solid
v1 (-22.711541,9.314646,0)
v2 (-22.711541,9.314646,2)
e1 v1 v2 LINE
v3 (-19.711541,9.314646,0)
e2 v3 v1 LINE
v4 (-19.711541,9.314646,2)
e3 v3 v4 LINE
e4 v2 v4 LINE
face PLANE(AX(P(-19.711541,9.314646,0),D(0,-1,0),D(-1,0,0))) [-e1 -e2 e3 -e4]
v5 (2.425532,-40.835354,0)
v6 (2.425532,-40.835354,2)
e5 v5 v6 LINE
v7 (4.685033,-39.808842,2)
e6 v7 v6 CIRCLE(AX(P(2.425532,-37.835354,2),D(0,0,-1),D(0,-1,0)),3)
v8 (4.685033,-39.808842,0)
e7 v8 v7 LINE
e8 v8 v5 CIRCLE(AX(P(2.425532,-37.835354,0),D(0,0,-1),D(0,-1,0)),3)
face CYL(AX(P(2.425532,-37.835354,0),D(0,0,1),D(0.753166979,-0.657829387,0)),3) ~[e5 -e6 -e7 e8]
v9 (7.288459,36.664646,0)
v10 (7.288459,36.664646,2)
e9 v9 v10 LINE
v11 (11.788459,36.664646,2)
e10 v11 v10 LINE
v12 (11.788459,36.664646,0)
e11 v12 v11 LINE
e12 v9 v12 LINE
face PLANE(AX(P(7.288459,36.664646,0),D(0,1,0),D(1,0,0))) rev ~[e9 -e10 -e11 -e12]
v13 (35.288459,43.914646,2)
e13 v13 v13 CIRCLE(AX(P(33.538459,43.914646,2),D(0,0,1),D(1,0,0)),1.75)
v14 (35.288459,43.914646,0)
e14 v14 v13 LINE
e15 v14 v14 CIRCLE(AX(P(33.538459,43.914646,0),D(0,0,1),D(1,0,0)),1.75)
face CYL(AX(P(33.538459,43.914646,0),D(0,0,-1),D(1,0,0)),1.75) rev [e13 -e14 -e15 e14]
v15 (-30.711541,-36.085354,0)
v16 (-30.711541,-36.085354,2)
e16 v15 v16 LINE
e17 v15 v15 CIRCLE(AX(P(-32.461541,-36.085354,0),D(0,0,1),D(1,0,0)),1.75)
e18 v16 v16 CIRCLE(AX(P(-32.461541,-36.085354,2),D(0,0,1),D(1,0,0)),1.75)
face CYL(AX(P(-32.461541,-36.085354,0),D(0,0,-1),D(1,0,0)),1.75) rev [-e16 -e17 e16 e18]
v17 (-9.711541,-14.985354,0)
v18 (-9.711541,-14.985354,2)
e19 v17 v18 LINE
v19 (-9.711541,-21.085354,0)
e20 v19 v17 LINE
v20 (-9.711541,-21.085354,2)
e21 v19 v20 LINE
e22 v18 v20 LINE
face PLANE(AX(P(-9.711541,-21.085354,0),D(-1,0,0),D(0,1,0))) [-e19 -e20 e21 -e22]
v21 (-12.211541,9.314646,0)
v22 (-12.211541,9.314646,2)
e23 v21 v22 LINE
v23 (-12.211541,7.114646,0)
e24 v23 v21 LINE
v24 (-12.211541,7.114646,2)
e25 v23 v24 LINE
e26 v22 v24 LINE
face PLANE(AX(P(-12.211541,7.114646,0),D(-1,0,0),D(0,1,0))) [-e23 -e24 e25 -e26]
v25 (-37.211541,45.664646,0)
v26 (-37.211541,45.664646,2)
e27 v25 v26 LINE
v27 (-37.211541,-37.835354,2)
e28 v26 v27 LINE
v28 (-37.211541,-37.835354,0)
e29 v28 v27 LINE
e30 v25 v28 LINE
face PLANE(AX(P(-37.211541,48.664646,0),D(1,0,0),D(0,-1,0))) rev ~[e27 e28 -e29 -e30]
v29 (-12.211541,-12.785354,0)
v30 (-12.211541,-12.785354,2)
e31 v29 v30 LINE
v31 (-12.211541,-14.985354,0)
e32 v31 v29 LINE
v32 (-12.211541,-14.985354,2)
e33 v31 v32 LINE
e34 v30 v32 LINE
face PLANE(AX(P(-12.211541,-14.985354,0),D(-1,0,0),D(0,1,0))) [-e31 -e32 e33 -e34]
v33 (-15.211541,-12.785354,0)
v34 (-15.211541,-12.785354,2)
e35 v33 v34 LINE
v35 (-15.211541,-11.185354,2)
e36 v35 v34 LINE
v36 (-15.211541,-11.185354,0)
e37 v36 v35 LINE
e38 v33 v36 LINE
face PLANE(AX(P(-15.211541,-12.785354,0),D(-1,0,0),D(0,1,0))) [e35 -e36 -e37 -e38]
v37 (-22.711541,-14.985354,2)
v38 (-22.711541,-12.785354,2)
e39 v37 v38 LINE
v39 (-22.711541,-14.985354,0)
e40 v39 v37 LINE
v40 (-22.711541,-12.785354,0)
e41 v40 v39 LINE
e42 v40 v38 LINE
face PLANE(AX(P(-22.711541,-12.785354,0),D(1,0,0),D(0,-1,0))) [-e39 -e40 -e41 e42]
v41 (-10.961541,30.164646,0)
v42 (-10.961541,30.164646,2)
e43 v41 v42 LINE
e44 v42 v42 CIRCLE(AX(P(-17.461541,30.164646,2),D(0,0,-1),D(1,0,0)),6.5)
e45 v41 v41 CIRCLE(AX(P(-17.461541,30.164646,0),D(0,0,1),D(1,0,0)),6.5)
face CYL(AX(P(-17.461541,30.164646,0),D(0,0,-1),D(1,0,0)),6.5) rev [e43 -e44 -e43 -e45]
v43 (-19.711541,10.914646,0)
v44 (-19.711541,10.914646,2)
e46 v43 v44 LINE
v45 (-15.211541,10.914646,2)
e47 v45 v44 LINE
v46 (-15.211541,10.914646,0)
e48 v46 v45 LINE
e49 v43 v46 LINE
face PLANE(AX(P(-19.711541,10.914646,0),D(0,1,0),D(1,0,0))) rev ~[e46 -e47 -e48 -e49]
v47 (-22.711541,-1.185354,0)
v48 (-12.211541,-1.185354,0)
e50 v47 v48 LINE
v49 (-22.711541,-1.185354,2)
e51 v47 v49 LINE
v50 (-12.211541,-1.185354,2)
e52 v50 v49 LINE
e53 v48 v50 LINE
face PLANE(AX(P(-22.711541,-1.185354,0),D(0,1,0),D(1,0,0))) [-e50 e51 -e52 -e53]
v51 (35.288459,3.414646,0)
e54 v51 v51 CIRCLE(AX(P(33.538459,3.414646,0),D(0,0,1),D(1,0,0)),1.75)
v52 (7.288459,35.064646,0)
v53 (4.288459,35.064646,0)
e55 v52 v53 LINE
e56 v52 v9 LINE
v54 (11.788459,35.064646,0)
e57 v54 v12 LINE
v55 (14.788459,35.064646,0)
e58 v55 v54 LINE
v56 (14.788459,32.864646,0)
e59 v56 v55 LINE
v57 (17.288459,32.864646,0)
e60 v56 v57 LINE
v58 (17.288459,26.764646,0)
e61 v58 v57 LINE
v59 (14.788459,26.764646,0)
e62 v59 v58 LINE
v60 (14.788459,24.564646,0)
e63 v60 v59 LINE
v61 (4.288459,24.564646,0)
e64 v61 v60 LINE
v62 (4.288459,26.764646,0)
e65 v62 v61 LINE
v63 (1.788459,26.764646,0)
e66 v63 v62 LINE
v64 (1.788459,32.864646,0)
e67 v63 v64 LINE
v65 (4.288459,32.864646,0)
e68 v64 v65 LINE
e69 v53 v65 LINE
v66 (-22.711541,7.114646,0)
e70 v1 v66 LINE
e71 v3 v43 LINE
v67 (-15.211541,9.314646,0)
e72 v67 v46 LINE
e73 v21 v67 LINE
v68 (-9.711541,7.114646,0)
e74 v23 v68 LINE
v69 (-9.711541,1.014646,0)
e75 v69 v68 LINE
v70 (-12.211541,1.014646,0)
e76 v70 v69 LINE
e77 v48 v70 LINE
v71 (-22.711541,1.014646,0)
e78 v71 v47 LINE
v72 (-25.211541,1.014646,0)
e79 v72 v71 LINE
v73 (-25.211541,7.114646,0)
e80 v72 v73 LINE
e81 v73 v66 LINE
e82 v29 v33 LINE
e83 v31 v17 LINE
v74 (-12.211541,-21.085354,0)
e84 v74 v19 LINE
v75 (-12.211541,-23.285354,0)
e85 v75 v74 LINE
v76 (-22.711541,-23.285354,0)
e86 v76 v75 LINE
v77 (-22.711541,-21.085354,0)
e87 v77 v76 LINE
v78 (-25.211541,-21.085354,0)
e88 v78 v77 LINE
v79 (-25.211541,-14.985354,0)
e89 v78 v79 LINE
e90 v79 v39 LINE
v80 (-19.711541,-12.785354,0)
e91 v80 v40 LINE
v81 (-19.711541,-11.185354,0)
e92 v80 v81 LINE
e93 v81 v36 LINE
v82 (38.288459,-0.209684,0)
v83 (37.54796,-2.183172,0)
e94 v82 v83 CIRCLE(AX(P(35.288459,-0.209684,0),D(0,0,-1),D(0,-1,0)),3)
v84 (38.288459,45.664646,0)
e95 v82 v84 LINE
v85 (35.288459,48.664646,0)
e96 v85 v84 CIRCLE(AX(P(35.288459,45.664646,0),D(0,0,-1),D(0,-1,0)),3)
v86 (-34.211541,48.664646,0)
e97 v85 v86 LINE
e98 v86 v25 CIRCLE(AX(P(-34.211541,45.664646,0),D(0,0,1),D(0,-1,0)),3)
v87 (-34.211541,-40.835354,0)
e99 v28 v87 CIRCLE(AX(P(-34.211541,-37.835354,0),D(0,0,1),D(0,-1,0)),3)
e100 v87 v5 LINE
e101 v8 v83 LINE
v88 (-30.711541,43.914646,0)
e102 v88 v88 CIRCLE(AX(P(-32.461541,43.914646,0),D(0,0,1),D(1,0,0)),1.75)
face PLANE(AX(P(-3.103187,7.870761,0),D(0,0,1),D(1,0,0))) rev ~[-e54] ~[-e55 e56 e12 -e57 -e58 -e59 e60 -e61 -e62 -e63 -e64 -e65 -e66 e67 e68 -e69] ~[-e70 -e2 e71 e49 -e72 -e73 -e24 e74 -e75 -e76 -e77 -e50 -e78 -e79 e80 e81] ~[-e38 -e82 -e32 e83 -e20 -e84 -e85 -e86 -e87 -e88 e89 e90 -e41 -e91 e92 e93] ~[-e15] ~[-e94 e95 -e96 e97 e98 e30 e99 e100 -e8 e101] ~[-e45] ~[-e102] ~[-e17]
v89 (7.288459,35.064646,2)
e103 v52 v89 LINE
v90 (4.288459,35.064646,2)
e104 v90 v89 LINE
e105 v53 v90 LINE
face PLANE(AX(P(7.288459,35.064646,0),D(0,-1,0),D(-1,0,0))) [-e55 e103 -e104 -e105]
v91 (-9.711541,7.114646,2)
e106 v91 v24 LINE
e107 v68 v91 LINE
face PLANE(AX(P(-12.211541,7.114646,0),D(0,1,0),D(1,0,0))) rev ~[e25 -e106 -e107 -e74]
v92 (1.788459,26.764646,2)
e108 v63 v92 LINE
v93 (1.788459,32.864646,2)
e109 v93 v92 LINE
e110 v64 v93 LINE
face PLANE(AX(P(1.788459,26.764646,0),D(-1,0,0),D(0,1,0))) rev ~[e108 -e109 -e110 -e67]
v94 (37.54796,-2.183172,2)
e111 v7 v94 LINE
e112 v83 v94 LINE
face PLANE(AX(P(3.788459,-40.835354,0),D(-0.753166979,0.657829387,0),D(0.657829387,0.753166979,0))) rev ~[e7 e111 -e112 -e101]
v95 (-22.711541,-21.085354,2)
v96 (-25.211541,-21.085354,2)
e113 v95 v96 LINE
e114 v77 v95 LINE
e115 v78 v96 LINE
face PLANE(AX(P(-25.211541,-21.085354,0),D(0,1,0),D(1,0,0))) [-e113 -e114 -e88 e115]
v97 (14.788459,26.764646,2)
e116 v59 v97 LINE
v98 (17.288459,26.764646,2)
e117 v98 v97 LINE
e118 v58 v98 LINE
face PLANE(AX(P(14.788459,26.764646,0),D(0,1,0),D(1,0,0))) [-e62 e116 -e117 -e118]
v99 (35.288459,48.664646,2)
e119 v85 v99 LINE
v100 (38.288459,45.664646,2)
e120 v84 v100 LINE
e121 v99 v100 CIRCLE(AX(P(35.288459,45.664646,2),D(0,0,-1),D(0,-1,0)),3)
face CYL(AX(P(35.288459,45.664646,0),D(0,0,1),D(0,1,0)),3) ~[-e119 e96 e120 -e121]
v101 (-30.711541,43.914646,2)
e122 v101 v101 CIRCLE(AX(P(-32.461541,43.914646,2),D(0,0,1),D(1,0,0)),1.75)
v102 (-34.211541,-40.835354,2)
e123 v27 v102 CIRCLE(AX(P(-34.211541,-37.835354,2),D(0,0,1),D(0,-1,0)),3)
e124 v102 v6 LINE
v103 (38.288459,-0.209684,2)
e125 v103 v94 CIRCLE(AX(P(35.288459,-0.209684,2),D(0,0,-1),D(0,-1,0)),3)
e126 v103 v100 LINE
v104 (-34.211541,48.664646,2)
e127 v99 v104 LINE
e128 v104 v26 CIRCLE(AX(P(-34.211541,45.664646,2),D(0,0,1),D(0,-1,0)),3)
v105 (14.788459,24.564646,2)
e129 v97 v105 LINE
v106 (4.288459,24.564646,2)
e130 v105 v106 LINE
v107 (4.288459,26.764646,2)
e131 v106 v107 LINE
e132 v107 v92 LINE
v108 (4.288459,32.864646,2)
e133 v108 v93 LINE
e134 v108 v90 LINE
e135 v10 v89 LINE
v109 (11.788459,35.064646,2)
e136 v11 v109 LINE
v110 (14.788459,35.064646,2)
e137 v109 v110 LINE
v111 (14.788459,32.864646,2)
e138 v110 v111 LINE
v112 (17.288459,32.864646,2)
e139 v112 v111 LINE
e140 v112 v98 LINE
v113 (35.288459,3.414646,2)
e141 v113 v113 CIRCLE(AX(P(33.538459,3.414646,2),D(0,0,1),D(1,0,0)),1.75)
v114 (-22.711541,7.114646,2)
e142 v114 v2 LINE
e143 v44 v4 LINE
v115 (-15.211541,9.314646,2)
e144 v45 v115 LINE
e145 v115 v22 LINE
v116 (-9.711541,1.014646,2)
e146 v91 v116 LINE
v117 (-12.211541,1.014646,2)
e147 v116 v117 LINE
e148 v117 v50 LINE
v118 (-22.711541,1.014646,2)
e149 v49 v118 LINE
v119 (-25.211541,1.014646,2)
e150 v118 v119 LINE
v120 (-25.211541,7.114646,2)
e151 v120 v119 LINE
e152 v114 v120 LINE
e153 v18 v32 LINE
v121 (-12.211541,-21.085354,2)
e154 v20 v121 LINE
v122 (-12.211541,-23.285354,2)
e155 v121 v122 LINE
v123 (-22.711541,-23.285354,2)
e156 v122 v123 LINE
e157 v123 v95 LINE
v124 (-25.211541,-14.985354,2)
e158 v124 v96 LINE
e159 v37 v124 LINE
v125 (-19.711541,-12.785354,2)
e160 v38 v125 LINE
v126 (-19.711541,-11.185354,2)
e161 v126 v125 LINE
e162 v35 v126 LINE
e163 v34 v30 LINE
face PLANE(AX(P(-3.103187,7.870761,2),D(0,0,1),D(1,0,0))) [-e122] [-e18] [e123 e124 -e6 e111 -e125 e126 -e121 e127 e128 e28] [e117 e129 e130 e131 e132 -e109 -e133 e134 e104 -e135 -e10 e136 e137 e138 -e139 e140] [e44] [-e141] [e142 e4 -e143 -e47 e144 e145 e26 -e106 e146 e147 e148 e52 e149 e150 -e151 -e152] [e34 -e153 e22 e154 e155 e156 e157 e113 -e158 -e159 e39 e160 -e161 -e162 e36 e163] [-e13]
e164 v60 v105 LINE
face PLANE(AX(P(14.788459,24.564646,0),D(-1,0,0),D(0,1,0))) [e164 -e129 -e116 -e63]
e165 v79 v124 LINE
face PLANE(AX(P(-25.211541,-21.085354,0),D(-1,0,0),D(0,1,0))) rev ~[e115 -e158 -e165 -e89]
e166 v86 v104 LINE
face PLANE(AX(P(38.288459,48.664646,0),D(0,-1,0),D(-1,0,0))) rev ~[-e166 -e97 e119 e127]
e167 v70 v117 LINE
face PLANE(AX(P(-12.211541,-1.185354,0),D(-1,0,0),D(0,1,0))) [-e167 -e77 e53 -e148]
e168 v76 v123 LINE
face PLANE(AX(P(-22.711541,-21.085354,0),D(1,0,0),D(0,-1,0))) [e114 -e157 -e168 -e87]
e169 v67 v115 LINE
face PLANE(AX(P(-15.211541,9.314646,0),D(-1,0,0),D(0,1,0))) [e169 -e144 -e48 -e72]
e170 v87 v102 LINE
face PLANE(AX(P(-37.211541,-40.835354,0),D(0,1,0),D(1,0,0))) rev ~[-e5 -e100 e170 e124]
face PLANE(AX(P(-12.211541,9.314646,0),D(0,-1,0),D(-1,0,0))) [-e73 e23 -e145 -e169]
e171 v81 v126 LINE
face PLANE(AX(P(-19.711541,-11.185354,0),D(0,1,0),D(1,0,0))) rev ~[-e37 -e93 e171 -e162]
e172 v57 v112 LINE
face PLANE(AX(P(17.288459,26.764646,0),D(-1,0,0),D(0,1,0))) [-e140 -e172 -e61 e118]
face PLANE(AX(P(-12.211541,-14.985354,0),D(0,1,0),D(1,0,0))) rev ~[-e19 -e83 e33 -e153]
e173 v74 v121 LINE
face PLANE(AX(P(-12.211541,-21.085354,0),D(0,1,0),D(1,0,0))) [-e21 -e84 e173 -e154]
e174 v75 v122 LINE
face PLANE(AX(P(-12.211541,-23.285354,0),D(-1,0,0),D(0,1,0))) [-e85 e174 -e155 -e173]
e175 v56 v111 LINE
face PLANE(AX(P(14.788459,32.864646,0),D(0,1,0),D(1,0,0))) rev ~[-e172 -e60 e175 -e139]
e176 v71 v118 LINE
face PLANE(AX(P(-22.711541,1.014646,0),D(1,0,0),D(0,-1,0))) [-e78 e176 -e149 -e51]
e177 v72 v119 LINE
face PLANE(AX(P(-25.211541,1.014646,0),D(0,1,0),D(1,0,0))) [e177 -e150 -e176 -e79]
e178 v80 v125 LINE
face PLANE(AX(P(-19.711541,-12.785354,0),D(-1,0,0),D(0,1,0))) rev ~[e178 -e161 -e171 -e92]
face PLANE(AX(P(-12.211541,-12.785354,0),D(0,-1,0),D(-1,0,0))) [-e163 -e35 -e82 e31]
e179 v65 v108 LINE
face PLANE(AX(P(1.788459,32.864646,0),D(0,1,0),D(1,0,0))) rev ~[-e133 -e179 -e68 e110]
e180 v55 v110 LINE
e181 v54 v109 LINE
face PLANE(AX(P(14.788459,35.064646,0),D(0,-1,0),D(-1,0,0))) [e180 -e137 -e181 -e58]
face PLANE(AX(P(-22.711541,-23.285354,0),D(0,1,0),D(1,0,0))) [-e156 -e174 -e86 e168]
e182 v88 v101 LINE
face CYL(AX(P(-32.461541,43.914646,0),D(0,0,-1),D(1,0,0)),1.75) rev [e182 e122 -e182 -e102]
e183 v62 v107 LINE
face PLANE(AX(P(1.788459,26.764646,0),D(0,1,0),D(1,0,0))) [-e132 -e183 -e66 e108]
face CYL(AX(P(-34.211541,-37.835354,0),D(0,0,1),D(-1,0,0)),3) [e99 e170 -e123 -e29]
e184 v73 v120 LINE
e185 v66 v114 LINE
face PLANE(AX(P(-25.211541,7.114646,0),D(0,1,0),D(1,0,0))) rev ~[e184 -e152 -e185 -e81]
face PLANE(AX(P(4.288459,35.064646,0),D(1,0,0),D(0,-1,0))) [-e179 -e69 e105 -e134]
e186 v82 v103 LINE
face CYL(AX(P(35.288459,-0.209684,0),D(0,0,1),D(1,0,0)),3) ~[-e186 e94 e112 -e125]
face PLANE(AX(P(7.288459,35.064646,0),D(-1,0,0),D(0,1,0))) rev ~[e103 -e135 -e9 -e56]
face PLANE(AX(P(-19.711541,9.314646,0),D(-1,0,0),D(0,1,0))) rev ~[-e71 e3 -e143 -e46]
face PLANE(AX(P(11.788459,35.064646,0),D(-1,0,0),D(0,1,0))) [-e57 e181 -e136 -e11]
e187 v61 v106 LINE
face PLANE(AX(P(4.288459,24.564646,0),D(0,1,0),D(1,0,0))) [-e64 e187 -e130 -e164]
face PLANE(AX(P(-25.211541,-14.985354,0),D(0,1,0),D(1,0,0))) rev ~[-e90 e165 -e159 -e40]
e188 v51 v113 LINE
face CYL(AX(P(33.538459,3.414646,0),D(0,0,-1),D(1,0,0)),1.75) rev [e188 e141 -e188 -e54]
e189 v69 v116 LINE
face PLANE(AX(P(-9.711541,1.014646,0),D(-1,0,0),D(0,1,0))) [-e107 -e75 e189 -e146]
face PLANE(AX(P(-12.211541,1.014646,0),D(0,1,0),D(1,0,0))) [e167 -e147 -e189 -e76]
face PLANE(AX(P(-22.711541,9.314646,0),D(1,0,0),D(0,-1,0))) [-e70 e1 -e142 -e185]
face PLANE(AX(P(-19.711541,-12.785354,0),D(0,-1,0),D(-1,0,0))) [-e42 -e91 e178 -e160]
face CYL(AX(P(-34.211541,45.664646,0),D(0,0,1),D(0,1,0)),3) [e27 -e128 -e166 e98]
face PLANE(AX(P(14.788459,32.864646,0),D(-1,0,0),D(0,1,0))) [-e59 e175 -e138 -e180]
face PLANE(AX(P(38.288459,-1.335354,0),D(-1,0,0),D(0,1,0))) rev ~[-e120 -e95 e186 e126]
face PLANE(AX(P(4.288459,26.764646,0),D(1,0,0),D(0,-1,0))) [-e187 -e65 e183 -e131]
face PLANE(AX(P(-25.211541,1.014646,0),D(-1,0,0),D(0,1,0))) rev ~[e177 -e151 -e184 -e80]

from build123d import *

# Parameters (mm, degrees)
F0_R     = 1.75
F2_DEPTH = 2
F1_W     = 4.5
F1_H     = 1.6
F1_W_2   = 2.5
F1_H_2   = 6.1
F1_R     = 6.5
F3_DEPTH = 2.001
F4_R     = 3


with BuildPart() as f2:
    # F0 (on Top) → F2 (new body)
    with BuildSketch(Plane.XY):
        Polygon((38.288459, 48.664646), (-37.211541, 48.664646), (-37.211541, -40.835354), (3.788459, -40.835354), (38.288459, -1.335354), align=None)
        with Locations((-32.461541, -36.085354)):
            Circle(F0_R, mode=Mode.SUBTRACT)
        with Locations((33.538459, 3.414646)):
            Circle(F0_R, mode=Mode.SUBTRACT)
        with Locations((-32.461541, 43.914646)):
            Circle(F0_R, mode=Mode.SUBTRACT)
        with Locations((33.538459, 43.914646)):
            Circle(F0_R, mode=Mode.SUBTRACT)
    extrude(amount=F2_DEPTH)

    # F1 (on Top) → F3 (cut, through all)
    with BuildSketch(Plane.XY):
        Polygon((-12.211541, 7.114646), (-12.211541, 9.314646), (-15.211541, 9.314646), (-19.711541, 9.314646), (-22.711541, 9.314646), (-22.711541, 7.114646), (-22.711541, 1.014646), (-22.711541, -1.185354), (-12.211541, -1.185354), (-12.211541, 1.014646), align=None)
        with Locations((-17.461541, 10.114646)):
            Rectangle(F1_W, F1_H)
        with Locations((-10.961541, 4.064646)):
            Rectangle(F1_W_2, F1_H_2)
        with Locations((-23.961541, 4.064646)):
            Rectangle(F1_W_2, F1_H_2)
        Polygon((14.788459, 32.864646), (14.788459, 35.064646), (11.788459, 35.064646), (7.288459, 35.064646), (4.288459, 35.064646), (4.288459, 32.864646), (4.288459, 26.764646), (4.288459, 24.564646), (14.788459, 24.564646), (14.788459, 26.764646), align=None)
        with Locations((9.538459, 35.864646)):
            Rectangle(F1_W, F1_H)
        with Locations((16.038459, 29.814646)):
            Rectangle(F1_W_2, F1_H_2)
        with Locations((3.038459, 29.814646)):
            Rectangle(F1_W_2, F1_H_2)
        Polygon((-12.211541, -14.985354), (-12.211541, -12.785354), (-15.211541, -12.785354), (-19.711541, -12.785354), (-22.711541, -12.785354), (-22.711541, -14.985354), (-22.711541, -21.085354), (-22.711541, -23.285354), (-12.211541, -23.285354), (-12.211541, -21.085354), align=None)
        with Locations((-17.461541, -11.985354)):
            Rectangle(F1_W, F1_H)
        with Locations((-10.961541, -18.035354)):
            Rectangle(F1_W_2, F1_H_2)
        with Locations((-23.961541, -18.035354)):
            Rectangle(F1_W_2, F1_H_2)
        with Locations((-17.461541, 30.164646)):
            Circle(F1_R)
    extrude(amount=F3_DEPTH, mode=Mode.SUBTRACT)

    # F4
    f4_edges = [f2.edges().sort_by_distance(p)[0] for p in [
        (-37.211541, 48.664646, 1),
        (38.288459, 48.664646, 1),
        (38.288459, -1.335354, 1),
        (3.788459, -40.835354, 1),
        (-37.211541, -40.835354, 1),
    ]]
    fillet(f4_edges, radius=F4_R)


solid = f2.part
